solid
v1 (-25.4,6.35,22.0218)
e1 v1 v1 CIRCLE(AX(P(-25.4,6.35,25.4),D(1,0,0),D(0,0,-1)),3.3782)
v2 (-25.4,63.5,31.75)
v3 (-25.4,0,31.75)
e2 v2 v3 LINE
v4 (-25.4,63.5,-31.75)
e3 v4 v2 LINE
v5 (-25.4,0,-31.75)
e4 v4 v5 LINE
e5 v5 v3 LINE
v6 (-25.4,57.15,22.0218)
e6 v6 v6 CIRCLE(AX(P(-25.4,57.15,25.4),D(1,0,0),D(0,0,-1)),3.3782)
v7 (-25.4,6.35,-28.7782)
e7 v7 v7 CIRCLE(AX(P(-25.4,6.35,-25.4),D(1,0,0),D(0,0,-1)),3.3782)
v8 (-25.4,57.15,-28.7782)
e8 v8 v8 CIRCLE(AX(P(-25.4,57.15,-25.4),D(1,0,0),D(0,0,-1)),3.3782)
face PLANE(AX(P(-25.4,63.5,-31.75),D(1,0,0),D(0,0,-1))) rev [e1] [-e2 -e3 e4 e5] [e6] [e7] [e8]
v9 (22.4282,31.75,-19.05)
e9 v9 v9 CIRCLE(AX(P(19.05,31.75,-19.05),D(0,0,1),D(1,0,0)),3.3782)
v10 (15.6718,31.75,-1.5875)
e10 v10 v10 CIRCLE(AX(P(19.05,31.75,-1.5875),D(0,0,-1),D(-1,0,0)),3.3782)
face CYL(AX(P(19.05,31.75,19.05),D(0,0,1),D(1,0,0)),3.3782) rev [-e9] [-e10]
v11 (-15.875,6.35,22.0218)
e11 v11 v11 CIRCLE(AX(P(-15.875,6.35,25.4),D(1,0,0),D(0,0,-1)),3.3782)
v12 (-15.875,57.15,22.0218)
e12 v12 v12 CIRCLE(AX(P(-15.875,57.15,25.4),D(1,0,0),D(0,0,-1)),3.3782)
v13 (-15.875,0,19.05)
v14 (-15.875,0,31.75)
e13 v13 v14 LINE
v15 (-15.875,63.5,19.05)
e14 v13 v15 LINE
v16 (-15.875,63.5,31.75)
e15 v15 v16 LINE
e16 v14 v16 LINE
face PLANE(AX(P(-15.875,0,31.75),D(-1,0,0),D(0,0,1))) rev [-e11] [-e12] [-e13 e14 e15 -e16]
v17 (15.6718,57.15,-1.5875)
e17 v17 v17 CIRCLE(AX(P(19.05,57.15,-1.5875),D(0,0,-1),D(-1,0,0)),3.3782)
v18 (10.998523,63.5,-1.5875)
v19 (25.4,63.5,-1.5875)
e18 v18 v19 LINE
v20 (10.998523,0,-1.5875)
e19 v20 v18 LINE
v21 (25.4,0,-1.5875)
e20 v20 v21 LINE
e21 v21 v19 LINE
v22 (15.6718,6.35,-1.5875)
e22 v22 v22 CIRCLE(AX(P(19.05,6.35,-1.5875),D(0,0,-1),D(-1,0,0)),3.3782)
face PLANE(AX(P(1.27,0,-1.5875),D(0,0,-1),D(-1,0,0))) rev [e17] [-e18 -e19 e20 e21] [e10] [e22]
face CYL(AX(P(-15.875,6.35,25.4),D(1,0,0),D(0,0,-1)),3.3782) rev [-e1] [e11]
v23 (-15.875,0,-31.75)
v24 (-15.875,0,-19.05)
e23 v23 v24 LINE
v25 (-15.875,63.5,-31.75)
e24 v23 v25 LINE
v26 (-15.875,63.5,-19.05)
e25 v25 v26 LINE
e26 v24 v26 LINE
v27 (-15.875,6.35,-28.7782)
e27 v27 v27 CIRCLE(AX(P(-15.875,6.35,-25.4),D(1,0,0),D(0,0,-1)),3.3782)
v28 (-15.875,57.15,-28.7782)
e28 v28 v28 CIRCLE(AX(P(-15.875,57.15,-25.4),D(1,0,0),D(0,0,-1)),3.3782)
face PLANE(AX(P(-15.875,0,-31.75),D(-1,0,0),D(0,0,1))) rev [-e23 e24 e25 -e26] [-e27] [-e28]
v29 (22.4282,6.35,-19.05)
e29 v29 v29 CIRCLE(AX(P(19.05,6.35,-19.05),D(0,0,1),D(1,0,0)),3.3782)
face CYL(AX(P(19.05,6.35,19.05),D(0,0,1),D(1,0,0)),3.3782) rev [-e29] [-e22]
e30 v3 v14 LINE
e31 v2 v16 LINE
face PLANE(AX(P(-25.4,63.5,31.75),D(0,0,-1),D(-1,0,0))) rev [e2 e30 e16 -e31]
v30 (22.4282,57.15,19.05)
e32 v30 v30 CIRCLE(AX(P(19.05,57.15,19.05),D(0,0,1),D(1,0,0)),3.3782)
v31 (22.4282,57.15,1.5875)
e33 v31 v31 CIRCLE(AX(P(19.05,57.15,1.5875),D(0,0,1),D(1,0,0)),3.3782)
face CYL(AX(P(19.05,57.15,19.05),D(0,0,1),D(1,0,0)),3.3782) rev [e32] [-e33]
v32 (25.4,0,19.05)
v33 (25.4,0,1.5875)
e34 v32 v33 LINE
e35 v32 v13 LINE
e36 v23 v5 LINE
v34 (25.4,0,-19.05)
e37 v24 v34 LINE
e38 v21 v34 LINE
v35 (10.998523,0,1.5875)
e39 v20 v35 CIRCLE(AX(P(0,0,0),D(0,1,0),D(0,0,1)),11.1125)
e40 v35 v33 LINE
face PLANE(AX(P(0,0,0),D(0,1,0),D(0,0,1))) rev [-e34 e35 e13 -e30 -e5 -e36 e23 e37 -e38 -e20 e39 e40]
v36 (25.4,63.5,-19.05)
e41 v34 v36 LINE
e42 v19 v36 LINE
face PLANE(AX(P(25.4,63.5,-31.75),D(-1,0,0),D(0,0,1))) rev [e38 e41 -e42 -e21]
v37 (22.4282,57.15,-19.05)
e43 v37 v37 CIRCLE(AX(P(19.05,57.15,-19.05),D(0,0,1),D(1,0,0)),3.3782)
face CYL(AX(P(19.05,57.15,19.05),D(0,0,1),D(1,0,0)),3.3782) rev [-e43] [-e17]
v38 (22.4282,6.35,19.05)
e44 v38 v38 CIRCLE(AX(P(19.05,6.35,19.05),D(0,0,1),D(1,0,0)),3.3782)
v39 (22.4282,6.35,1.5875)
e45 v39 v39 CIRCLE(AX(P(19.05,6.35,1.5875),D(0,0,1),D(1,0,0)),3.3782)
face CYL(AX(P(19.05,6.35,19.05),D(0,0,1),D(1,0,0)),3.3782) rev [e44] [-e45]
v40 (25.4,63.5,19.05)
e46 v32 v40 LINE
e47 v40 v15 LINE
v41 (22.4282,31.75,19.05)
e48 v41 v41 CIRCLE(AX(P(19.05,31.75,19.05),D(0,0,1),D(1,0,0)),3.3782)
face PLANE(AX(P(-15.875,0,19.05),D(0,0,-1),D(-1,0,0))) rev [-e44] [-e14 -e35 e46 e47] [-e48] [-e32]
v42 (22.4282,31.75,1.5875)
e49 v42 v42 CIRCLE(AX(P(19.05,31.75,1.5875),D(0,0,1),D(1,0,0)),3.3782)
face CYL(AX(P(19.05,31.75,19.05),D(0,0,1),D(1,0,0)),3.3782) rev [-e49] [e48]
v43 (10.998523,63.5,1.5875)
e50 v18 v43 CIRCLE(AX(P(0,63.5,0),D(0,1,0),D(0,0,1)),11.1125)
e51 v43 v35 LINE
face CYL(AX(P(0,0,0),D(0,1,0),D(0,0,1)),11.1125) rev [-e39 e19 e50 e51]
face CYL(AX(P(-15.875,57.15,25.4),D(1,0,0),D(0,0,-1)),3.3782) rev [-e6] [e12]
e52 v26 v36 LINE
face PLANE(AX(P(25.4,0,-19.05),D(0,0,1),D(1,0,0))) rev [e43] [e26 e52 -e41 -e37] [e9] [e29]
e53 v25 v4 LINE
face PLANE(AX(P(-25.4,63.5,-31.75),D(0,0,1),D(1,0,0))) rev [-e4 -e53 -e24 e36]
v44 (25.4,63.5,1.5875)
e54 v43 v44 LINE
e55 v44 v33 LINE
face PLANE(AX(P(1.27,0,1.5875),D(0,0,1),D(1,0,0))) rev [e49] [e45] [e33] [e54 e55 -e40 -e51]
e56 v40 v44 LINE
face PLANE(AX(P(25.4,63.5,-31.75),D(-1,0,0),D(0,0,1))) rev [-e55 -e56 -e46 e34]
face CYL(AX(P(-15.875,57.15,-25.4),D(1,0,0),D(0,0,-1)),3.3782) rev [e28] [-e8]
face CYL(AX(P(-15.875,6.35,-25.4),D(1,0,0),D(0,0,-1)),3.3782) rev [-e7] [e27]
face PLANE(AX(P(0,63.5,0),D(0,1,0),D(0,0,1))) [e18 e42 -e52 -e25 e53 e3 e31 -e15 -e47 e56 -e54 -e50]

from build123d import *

# Parameters (mm, degrees)
SKETCH1_W                   = 50.8
SKETCH1_H                   = 63.5
BOSS_EXTRUDE1_DEPTH         = 63.5
SKETCH2_R                   = 11.1125
CUT_EXTRUDE1_DEPTH          = 76.402072253
SKETCH3_W                   = 41.275
SKETCH3_H                   = 12.7
CUT_EXTRUDE2_DEPTH          = 76.402072253
F_1_4_CLEARANCE_HOLE1_D     = 6.7564
F_1_4_CLEARANCE_HOLE1_DEPTH = 9.652
F_1_4_CLEARANCE_HOLE1_TIP   = 2.029827343
SKETCH6_W                   = 3.175
SKETCH6_H                   = 63.5
CUT_EXTRUDE3_DEPTH          = 24.13
F_1_4_CLEARANCE_HOLE2_D     = 6.7564


with BuildPart() as part:
    # Sketch1 → Boss-Extrude1 (new body)
    with BuildSketch(Plane(origin=(0, 0, 0), x_dir=(1, 0, 0), z_dir=(0, 1, 0))):
        Rectangle(SKETCH1_W, SKETCH1_H)
    extrude(amount=BOSS_EXTRUDE1_DEPTH)

    # Sketch2 → Cut-Extrude1 (cut, through all)
    with BuildSketch(Plane(origin=(0, 63.5, 0), x_dir=(1, 0, 0), z_dir=(0, 1, 0))):
        with Locations(Location((0, 0, 0), (0, 0, 270))):
            Circle(SKETCH2_R)
    extrude(amount=-CUT_EXTRUDE1_DEPTH, mode=Mode.SUBTRACT)

    # Sketch3 → Cut-Extrude2 (cut, through all)
    with BuildSketch(Plane(origin=(0, 63.5, 0), x_dir=(1, 0, 0), z_dir=(0, 1, 0))):
        with Locations((4.7625, 25.4)):
            Rectangle(SKETCH3_W, SKETCH3_H)
        with Locations((4.7625, -25.4)):
            Rectangle(SKETCH3_W, SKETCH3_H)
    extrude(amount=-CUT_EXTRUDE2_DEPTH, mode=Mode.SUBTRACT)

    # 1/4 Clearance Hole1
    with Locations(Plane(origin=(-15.875, 0, 0), x_dir=(0, 0, -1), z_dir=(1, 0, 0))):
        with Locations((-25.4, 57.15), (25.4, 6.35), (-25.4, 6.35), (25.4, 57.15)):
            Hole(F_1_4_CLEARANCE_HOLE1_D / 2, depth=F_1_4_CLEARANCE_HOLE1_DEPTH)
            with Locations((0, 0, -(F_1_4_CLEARANCE_HOLE1_DEPTH + F_1_4_CLEARANCE_HOLE1_TIP / 2))):  # 118° drill point
                Cone(0, F_1_4_CLEARANCE_HOLE1_D / 2, F_1_4_CLEARANCE_HOLE1_TIP, mode=Mode.SUBTRACT)

    # Sketch6 → Cut-Extrude3 (cut)
    with BuildSketch(Plane(origin=(25.4, 0, 0), x_dir=(0, 0, -1), z_dir=(1, 0, 0))):
        with Locations((0, 31.75)):
            Rectangle(SKETCH6_W, SKETCH6_H)
    extrude(amount=-CUT_EXTRUDE3_DEPTH, mode=Mode.SUBTRACT)

    # 1/4 Clearance Hole2 (through all)
    with Locations(Plane.XY.offset(19.05)):
        with Locations((19.05, 57.15), (19.05, 31.75), (19.05, 6.35)):
            Hole(F_1_4_CLEARANCE_HOLE2_D / 2)


solid = part.part
